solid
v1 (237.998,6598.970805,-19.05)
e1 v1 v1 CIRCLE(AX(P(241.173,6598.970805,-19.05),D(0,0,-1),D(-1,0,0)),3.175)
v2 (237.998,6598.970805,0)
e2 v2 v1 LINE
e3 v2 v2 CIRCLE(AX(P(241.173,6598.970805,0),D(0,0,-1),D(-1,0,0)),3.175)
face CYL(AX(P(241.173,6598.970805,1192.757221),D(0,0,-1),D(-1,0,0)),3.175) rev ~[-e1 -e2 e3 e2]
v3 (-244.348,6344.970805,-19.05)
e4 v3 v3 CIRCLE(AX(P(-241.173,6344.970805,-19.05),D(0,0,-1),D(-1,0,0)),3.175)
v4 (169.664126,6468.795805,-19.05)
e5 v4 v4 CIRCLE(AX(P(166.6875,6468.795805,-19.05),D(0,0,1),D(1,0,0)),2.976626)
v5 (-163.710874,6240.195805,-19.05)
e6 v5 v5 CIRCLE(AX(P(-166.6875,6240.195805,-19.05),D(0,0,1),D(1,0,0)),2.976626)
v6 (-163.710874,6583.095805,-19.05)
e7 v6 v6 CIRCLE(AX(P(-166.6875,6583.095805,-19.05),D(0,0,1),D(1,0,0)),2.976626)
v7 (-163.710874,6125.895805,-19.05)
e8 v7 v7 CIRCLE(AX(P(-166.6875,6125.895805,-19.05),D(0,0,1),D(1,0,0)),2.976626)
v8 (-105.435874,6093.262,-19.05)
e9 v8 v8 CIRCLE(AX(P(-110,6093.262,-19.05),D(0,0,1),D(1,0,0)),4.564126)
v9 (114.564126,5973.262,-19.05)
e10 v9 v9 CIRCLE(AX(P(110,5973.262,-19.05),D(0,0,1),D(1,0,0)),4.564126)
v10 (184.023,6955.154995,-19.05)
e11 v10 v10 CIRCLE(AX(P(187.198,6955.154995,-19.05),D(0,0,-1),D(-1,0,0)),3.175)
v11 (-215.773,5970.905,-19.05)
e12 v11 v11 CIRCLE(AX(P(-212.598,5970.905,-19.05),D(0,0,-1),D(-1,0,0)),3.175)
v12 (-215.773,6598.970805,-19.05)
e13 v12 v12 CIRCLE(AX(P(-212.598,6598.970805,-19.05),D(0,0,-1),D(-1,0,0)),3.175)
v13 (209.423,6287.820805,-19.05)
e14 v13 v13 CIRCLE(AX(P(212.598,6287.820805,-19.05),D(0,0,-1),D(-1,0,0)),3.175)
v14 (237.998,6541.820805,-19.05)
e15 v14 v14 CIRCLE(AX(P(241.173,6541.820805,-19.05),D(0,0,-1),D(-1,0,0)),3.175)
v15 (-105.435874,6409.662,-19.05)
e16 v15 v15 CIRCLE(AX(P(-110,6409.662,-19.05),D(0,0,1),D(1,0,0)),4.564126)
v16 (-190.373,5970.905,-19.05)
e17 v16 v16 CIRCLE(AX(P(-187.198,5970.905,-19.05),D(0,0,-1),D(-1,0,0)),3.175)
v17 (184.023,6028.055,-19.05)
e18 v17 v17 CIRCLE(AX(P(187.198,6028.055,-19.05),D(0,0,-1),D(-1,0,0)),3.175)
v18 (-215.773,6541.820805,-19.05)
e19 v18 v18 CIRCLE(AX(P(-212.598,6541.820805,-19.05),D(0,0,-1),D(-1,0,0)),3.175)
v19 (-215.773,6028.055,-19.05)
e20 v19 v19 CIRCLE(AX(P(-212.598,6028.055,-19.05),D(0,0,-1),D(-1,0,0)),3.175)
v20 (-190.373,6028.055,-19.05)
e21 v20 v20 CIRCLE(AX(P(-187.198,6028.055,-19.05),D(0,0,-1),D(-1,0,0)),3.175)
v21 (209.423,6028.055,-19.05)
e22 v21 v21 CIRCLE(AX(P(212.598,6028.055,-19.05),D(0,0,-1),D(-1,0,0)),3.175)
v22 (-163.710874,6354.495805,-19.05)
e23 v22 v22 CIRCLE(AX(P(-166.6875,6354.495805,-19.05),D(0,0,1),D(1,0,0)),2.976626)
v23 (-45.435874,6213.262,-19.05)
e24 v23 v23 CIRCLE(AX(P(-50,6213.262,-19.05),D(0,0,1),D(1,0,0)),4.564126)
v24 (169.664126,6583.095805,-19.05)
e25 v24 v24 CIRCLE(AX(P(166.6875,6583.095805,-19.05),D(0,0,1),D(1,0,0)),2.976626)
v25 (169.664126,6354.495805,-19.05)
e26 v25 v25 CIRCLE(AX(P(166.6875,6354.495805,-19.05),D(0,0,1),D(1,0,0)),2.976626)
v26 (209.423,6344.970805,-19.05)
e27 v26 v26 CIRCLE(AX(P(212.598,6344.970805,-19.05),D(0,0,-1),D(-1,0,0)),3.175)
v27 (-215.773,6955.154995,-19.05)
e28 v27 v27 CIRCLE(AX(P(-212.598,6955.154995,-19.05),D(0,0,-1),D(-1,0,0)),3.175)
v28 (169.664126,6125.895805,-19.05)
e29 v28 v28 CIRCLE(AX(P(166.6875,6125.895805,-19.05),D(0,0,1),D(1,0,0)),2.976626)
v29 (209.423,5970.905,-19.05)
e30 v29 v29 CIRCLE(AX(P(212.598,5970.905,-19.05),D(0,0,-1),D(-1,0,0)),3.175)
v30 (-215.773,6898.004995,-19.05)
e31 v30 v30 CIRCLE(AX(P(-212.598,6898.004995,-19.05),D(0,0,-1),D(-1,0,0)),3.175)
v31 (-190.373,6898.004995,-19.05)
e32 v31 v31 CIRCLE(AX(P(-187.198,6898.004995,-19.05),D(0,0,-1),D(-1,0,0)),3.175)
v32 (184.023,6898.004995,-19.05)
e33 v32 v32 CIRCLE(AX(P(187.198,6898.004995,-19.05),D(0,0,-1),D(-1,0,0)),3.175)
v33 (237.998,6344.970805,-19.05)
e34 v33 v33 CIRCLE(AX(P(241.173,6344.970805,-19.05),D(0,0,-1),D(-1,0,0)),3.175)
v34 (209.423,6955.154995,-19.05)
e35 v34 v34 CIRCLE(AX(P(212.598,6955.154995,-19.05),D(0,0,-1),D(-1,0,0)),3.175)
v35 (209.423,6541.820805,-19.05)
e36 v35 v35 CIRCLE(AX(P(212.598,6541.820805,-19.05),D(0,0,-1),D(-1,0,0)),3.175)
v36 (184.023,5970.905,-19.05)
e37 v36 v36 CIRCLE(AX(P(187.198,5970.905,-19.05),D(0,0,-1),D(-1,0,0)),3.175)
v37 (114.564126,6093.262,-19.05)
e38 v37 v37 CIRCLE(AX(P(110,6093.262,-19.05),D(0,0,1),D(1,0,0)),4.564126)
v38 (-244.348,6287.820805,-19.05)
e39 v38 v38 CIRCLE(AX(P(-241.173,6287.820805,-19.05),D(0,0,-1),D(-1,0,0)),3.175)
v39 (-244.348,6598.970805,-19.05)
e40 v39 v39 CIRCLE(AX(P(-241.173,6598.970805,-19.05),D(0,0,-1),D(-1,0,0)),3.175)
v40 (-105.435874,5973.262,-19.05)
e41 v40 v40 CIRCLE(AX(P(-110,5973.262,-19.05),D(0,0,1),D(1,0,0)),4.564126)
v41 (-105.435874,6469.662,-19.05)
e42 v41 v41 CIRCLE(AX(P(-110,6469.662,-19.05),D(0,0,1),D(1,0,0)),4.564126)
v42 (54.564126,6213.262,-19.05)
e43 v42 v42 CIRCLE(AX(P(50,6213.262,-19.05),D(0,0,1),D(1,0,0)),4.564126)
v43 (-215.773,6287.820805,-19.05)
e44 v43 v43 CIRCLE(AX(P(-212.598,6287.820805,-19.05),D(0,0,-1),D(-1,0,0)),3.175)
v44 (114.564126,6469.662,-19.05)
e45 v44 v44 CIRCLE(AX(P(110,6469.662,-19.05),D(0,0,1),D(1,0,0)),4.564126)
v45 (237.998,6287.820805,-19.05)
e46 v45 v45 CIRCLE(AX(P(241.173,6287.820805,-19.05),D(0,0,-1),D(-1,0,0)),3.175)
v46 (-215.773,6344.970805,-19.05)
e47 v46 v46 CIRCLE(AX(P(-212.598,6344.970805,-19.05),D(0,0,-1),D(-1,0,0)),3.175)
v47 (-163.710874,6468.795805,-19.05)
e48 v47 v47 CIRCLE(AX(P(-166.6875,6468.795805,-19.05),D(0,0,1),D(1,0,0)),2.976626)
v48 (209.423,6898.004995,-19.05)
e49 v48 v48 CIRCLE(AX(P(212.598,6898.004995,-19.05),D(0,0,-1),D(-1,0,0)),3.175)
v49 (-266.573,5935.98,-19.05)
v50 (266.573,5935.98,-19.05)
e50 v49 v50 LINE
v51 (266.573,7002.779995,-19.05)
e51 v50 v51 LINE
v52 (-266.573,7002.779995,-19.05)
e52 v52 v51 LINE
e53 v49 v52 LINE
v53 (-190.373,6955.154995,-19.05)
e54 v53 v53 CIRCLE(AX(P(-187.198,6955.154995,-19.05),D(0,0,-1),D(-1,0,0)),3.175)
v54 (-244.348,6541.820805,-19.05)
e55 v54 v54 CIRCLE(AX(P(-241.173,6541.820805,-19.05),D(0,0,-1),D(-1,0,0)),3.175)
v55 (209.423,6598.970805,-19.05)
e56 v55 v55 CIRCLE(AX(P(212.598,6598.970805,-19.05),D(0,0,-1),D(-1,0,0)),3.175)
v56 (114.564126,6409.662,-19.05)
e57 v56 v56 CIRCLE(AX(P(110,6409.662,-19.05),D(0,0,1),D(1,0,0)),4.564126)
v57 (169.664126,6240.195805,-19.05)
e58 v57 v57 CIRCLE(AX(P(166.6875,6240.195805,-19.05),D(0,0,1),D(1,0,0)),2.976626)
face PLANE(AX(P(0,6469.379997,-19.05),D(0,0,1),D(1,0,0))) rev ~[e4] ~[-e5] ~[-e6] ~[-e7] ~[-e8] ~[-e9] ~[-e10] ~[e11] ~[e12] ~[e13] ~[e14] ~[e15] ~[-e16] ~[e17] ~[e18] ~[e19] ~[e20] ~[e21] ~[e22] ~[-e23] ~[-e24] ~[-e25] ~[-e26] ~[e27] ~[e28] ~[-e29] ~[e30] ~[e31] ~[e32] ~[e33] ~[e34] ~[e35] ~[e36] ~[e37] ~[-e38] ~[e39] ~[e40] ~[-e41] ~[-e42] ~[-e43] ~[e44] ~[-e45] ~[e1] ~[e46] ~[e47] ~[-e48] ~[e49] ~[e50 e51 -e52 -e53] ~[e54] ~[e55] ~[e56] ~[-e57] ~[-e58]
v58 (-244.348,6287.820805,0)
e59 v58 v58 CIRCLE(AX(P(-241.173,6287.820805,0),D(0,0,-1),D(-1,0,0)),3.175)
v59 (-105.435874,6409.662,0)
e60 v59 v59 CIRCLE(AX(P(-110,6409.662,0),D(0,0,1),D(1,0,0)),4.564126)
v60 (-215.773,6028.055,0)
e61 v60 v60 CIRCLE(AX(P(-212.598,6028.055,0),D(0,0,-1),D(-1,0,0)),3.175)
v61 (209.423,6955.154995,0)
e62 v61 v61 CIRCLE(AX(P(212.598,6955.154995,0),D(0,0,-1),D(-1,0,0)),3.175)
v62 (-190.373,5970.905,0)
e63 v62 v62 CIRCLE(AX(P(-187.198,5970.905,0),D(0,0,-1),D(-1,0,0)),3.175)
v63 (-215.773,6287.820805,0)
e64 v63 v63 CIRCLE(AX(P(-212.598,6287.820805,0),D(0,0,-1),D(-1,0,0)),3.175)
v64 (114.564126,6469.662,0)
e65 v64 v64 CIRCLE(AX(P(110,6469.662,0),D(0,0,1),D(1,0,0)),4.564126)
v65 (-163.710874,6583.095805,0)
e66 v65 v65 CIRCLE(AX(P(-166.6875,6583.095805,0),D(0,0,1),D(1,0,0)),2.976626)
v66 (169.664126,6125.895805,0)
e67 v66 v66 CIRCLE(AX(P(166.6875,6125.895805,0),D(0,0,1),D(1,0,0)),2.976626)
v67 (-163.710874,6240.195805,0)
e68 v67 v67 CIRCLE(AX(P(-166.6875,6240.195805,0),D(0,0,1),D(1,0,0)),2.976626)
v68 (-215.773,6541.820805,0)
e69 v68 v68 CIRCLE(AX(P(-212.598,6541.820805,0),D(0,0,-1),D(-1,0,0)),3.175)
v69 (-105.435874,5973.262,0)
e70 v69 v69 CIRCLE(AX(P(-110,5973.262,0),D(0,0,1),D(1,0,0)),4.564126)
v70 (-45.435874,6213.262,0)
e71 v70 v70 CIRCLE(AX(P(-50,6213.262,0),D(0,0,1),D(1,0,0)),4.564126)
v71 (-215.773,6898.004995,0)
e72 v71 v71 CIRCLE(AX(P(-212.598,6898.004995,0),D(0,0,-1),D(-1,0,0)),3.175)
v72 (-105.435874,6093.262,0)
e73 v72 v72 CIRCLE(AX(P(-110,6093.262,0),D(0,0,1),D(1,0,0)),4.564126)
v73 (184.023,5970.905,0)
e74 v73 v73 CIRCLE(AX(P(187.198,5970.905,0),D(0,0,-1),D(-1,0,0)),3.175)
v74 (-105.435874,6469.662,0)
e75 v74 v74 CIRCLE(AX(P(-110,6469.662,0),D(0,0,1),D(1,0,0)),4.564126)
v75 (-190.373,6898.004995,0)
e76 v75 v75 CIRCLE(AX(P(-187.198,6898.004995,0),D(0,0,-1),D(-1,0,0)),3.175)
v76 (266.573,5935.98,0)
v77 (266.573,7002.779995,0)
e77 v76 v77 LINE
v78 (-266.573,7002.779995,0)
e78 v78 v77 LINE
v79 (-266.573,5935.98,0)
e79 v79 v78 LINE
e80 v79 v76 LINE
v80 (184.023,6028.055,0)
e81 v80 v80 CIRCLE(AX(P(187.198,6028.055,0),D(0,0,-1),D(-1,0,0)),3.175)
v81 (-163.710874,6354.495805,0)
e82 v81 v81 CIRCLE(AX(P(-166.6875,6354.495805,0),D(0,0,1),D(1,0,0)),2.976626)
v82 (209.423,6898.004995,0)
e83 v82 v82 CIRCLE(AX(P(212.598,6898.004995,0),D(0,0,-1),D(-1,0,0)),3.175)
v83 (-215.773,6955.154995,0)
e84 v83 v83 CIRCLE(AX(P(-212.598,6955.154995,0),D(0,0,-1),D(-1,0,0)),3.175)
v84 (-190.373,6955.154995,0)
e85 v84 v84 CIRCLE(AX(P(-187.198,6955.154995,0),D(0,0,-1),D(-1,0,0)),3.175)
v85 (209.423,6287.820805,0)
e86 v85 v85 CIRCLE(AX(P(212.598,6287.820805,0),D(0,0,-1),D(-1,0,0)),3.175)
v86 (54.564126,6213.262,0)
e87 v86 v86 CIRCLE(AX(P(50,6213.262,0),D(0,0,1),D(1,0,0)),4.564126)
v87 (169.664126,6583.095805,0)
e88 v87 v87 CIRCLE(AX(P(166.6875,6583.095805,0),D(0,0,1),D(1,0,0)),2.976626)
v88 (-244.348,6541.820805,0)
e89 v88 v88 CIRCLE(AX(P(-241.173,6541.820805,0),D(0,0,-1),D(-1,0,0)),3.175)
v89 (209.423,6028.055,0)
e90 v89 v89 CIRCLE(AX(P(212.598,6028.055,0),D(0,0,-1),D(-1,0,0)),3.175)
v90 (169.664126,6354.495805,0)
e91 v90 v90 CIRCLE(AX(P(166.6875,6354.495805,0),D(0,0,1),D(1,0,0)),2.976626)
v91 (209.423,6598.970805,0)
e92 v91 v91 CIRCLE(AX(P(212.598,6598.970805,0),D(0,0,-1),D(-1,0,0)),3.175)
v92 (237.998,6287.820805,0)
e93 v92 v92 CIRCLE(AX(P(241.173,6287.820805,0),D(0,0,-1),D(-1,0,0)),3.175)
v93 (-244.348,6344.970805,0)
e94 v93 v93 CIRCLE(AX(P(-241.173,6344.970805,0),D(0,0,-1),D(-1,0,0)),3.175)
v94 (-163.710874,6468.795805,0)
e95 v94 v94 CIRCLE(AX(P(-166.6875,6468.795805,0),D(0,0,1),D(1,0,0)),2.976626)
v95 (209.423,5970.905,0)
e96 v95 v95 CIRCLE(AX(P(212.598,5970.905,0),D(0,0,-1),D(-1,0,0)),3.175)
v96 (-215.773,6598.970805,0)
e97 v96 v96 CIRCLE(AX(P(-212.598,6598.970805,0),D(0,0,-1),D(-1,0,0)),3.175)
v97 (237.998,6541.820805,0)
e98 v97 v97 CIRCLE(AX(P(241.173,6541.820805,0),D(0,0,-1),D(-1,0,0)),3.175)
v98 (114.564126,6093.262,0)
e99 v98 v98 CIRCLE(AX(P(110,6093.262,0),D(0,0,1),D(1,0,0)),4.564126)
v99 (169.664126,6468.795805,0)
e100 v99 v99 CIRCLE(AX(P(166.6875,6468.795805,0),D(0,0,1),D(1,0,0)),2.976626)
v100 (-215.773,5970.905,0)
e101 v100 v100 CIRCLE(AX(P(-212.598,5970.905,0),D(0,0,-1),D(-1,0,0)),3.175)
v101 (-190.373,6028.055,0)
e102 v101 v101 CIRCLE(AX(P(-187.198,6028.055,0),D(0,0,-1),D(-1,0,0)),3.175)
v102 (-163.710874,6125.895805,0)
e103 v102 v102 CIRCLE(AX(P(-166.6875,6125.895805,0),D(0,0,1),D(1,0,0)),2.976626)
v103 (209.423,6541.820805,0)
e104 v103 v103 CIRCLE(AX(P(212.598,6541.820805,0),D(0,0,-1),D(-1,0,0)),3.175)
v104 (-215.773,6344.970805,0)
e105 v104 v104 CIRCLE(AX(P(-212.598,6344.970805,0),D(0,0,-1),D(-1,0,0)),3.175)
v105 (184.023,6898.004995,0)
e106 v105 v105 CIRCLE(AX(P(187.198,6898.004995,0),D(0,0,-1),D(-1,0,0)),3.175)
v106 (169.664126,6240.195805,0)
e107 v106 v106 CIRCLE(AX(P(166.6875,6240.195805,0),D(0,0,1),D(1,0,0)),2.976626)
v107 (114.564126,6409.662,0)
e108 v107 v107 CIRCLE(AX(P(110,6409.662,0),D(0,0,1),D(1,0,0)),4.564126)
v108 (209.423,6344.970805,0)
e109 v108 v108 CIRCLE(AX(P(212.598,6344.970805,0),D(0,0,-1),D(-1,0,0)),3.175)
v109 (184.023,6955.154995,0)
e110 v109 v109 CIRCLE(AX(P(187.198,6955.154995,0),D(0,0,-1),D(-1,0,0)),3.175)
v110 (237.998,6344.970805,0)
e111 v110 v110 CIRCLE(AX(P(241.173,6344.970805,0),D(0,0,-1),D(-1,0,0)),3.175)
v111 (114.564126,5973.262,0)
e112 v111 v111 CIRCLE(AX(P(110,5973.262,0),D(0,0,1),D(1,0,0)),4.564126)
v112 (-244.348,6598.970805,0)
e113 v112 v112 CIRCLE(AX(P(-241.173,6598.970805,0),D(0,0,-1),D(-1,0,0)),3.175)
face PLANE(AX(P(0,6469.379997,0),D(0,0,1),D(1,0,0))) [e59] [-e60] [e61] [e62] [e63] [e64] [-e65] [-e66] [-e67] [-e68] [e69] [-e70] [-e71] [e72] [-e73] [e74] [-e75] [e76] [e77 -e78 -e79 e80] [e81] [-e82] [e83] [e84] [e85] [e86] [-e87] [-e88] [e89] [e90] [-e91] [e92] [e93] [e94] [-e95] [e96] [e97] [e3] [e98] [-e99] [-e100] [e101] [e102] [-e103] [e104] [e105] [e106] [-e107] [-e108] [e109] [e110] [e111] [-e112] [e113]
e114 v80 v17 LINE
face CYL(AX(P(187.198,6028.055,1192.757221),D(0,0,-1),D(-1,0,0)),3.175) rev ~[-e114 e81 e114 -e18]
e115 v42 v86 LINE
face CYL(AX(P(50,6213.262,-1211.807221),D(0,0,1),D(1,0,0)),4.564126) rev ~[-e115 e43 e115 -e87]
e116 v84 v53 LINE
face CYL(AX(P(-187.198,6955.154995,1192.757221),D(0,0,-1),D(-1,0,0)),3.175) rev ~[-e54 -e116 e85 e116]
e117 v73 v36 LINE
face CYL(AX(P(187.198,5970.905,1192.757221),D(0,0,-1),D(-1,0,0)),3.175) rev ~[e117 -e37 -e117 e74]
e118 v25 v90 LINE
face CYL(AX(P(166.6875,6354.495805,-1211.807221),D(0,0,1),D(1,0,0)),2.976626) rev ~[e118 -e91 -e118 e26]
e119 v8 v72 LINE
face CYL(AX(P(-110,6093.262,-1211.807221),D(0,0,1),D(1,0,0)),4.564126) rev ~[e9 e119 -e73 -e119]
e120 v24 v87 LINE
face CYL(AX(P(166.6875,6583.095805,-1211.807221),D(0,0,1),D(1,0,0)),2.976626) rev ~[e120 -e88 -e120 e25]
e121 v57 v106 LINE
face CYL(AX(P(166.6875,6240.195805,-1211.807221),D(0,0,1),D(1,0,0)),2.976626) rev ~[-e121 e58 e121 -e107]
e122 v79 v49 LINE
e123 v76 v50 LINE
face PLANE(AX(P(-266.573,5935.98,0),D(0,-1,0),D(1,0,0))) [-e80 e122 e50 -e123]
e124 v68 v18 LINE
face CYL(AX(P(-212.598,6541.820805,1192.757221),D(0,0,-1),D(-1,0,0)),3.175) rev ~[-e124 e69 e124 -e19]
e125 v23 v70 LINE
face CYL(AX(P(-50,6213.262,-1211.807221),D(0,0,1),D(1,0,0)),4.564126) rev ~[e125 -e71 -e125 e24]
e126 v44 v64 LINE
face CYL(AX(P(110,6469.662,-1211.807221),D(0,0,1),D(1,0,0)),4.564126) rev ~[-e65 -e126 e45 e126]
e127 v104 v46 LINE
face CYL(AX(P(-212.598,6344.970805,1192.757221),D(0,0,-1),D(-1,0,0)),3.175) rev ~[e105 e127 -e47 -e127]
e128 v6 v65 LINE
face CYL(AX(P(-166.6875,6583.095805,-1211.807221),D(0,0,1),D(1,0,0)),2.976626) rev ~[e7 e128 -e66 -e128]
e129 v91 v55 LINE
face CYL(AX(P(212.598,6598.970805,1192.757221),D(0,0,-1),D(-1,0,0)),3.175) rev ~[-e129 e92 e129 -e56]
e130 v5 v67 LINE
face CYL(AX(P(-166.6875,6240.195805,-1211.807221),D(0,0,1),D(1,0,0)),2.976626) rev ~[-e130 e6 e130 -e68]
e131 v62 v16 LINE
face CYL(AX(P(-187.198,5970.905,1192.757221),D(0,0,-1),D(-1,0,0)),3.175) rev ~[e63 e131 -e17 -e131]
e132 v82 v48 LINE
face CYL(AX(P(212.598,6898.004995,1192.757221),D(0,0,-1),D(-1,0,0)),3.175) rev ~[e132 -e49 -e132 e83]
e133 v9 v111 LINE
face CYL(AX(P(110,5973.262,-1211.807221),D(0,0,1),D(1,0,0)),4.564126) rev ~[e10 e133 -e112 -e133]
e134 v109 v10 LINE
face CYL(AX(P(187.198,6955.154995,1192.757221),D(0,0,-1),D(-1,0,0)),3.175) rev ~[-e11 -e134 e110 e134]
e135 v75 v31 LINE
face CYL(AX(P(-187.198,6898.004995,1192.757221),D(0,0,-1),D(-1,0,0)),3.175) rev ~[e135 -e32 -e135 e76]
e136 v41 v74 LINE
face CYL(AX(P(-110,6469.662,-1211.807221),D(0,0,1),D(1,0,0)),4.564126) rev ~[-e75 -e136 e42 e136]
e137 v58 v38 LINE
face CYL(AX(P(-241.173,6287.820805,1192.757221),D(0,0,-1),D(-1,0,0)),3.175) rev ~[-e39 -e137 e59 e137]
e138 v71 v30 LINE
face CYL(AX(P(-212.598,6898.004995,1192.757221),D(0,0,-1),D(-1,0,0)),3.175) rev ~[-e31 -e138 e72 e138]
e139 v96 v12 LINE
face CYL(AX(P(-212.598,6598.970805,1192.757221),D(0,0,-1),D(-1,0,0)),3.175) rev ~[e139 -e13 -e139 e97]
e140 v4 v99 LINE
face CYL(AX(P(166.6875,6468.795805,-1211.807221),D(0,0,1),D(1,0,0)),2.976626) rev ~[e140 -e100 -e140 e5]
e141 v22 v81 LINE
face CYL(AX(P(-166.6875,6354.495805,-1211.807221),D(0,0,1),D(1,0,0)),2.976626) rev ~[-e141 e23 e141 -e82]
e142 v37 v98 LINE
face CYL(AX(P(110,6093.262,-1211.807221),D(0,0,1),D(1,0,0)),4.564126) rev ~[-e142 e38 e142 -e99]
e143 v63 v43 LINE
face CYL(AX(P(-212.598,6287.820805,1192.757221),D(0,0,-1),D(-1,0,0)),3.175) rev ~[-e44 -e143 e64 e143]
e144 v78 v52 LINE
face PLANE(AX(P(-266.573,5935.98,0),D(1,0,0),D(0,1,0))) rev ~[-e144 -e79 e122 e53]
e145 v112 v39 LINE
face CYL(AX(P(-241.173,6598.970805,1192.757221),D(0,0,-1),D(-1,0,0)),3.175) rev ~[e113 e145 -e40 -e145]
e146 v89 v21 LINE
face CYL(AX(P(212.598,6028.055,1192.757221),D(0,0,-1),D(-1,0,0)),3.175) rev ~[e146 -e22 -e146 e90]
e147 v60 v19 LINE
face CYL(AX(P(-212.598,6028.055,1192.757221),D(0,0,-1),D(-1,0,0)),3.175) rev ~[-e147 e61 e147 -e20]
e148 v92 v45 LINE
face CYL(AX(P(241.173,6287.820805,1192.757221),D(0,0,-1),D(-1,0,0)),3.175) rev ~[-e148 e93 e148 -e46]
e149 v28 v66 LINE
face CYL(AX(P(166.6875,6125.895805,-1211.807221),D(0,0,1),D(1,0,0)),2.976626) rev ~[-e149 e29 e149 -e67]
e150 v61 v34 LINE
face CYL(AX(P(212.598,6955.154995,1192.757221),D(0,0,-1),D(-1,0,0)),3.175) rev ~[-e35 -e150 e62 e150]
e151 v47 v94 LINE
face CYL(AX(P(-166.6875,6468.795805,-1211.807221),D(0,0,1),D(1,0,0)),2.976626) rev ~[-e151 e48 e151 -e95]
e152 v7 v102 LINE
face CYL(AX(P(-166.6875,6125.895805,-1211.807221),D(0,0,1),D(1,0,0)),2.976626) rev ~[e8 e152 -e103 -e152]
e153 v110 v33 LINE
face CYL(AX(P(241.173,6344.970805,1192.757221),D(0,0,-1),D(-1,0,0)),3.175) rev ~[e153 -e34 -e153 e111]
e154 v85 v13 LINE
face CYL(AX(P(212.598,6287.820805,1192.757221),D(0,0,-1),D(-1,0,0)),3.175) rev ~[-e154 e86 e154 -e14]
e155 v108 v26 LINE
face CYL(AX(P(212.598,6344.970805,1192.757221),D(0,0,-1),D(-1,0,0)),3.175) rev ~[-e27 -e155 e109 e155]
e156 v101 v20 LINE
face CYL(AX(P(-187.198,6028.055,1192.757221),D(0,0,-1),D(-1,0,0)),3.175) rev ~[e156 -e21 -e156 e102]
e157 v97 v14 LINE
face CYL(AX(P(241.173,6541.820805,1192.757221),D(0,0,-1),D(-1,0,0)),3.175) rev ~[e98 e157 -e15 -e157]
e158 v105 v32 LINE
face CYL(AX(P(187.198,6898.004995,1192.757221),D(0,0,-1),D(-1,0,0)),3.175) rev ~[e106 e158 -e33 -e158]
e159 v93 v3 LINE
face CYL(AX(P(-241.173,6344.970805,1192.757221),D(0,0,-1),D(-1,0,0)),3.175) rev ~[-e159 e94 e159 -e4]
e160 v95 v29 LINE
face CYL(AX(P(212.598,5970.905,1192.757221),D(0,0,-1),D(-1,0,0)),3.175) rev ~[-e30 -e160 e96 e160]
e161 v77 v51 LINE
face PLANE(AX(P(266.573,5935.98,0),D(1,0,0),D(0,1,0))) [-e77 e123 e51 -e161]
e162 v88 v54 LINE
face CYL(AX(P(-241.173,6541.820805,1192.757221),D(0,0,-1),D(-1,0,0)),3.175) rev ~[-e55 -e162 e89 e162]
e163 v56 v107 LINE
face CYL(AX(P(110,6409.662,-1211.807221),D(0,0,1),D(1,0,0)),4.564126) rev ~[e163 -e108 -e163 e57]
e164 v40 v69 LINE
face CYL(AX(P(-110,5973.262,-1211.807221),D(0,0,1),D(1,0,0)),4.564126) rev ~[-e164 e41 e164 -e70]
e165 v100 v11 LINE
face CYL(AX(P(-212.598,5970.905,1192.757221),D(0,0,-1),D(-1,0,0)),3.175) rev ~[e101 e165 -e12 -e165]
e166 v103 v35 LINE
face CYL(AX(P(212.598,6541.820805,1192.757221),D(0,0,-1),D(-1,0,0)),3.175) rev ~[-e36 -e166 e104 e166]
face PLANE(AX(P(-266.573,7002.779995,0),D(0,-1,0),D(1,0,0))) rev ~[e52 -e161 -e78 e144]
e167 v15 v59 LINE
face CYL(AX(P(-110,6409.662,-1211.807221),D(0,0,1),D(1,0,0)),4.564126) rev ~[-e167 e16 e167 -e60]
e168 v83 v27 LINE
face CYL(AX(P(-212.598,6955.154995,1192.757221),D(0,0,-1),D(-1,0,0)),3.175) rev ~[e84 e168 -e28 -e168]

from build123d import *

# Parameters (mm, degrees)
SKETCH1_W                        = 533.146
SKETCH1_H                        = 1066.799994849
BOSS_EXTRUDE1_DEPTH              = 19.05
F_23_64_0_35938_DIAMETER_HOLE1_D = 9.128252
F_15_64_0_23438_DIAMETER_HOLE1_D = 5.953252
F_1_4_0_25_DIAMETER_HOLE1_D      = 6.35


with BuildPart() as part:
    # Sketch1 → Boss-Extrude1 (new body)
    with BuildSketch(Plane.XY):
        with Locations((0, 6469.379997497)):
            Rectangle(SKETCH1_W, SKETCH1_H)
    extrude(amount=-BOSS_EXTRUDE1_DEPTH)

    # 23/64 (0.35938) Diameter Hole1 (through all)
    with Locations(Plane(origin=(0, 0, -19.05), x_dir=(-1, 0, 0), z_dir=(0, 0, -1))):
        with Locations((110, 5973.262000072), (110, 6093.262000072), (-110, 6093.262000072), (-110, 5973.262000072), (-50, 6213.262000072), (50, 6213.262000072), (-110, 6409.662000072), (-110, 6469.662000072), (110, 6409.662000072), (110, 6469.662000072)):
            Hole(F_23_64_0_35938_DIAMETER_HOLE1_D / 2)

    # 15/64 (0.23438) Diameter Hole1 (through all)
    with Locations(Plane(origin=(0, 0, -19.05), x_dir=(-1, 0, 0), z_dir=(0, 0, -1))):
        with Locations((166.6875, 6125.895804781), (166.6875, 6240.195804781), (166.6875, 6354.495804781), (166.6875, 6468.795804781), (166.6875, 6583.095804781), (-166.6875, 6125.895804781), (-166.6875, 6240.195804781), (-166.6875, 6354.495804781), (-166.6875, 6468.795804781), (-166.6875, 6583.095804781)):
            Hole(F_15_64_0_23438_DIAMETER_HOLE1_D / 2)

    # 1/4 (0.25) Diameter Hole1 (through all)
    with Locations(Plane.XY):
        with Locations((-212.598, 6955.154994921), (-212.598, 6898.004994921), (-187.198, 6898.004994921), (-187.198, 6955.154994921), (-241.173, 6598.970804781), (-241.173, 6541.820804781), (-212.598, 6541.820804781), (-212.598, 6598.970804781), (-212.598, 6344.970804781), (-241.173, 6344.970804781), (-241.173, 6287.820804781), (-212.598, 6287.820804781), (-212.598, 6028.055000072), (-187.198, 6028.055000072), (-187.198, 5970.905000072), (-212.598, 5970.905000072), (212.598, 5970.905000072), (187.198, 5970.905000072), (187.198, 6028.055000072), (212.598, 6028.055000072), (212.598, 6287.820804781), (241.173, 6287.820804781), (241.173, 6344.970804781), (212.598, 6344.970804781), (212.598, 6598.970804781), (212.598, 6541.820804781), (241.173, 6541.820804781), (241.173, 6598.970804781), (187.198, 6955.154994921), (187.198, 6898.004994921), (212.598, 6898.004994921), (212.598, 6955.154994921)):
            Hole(F_1_4_0_25_DIAMETER_HOLE1_D / 2)


solid = part.part
